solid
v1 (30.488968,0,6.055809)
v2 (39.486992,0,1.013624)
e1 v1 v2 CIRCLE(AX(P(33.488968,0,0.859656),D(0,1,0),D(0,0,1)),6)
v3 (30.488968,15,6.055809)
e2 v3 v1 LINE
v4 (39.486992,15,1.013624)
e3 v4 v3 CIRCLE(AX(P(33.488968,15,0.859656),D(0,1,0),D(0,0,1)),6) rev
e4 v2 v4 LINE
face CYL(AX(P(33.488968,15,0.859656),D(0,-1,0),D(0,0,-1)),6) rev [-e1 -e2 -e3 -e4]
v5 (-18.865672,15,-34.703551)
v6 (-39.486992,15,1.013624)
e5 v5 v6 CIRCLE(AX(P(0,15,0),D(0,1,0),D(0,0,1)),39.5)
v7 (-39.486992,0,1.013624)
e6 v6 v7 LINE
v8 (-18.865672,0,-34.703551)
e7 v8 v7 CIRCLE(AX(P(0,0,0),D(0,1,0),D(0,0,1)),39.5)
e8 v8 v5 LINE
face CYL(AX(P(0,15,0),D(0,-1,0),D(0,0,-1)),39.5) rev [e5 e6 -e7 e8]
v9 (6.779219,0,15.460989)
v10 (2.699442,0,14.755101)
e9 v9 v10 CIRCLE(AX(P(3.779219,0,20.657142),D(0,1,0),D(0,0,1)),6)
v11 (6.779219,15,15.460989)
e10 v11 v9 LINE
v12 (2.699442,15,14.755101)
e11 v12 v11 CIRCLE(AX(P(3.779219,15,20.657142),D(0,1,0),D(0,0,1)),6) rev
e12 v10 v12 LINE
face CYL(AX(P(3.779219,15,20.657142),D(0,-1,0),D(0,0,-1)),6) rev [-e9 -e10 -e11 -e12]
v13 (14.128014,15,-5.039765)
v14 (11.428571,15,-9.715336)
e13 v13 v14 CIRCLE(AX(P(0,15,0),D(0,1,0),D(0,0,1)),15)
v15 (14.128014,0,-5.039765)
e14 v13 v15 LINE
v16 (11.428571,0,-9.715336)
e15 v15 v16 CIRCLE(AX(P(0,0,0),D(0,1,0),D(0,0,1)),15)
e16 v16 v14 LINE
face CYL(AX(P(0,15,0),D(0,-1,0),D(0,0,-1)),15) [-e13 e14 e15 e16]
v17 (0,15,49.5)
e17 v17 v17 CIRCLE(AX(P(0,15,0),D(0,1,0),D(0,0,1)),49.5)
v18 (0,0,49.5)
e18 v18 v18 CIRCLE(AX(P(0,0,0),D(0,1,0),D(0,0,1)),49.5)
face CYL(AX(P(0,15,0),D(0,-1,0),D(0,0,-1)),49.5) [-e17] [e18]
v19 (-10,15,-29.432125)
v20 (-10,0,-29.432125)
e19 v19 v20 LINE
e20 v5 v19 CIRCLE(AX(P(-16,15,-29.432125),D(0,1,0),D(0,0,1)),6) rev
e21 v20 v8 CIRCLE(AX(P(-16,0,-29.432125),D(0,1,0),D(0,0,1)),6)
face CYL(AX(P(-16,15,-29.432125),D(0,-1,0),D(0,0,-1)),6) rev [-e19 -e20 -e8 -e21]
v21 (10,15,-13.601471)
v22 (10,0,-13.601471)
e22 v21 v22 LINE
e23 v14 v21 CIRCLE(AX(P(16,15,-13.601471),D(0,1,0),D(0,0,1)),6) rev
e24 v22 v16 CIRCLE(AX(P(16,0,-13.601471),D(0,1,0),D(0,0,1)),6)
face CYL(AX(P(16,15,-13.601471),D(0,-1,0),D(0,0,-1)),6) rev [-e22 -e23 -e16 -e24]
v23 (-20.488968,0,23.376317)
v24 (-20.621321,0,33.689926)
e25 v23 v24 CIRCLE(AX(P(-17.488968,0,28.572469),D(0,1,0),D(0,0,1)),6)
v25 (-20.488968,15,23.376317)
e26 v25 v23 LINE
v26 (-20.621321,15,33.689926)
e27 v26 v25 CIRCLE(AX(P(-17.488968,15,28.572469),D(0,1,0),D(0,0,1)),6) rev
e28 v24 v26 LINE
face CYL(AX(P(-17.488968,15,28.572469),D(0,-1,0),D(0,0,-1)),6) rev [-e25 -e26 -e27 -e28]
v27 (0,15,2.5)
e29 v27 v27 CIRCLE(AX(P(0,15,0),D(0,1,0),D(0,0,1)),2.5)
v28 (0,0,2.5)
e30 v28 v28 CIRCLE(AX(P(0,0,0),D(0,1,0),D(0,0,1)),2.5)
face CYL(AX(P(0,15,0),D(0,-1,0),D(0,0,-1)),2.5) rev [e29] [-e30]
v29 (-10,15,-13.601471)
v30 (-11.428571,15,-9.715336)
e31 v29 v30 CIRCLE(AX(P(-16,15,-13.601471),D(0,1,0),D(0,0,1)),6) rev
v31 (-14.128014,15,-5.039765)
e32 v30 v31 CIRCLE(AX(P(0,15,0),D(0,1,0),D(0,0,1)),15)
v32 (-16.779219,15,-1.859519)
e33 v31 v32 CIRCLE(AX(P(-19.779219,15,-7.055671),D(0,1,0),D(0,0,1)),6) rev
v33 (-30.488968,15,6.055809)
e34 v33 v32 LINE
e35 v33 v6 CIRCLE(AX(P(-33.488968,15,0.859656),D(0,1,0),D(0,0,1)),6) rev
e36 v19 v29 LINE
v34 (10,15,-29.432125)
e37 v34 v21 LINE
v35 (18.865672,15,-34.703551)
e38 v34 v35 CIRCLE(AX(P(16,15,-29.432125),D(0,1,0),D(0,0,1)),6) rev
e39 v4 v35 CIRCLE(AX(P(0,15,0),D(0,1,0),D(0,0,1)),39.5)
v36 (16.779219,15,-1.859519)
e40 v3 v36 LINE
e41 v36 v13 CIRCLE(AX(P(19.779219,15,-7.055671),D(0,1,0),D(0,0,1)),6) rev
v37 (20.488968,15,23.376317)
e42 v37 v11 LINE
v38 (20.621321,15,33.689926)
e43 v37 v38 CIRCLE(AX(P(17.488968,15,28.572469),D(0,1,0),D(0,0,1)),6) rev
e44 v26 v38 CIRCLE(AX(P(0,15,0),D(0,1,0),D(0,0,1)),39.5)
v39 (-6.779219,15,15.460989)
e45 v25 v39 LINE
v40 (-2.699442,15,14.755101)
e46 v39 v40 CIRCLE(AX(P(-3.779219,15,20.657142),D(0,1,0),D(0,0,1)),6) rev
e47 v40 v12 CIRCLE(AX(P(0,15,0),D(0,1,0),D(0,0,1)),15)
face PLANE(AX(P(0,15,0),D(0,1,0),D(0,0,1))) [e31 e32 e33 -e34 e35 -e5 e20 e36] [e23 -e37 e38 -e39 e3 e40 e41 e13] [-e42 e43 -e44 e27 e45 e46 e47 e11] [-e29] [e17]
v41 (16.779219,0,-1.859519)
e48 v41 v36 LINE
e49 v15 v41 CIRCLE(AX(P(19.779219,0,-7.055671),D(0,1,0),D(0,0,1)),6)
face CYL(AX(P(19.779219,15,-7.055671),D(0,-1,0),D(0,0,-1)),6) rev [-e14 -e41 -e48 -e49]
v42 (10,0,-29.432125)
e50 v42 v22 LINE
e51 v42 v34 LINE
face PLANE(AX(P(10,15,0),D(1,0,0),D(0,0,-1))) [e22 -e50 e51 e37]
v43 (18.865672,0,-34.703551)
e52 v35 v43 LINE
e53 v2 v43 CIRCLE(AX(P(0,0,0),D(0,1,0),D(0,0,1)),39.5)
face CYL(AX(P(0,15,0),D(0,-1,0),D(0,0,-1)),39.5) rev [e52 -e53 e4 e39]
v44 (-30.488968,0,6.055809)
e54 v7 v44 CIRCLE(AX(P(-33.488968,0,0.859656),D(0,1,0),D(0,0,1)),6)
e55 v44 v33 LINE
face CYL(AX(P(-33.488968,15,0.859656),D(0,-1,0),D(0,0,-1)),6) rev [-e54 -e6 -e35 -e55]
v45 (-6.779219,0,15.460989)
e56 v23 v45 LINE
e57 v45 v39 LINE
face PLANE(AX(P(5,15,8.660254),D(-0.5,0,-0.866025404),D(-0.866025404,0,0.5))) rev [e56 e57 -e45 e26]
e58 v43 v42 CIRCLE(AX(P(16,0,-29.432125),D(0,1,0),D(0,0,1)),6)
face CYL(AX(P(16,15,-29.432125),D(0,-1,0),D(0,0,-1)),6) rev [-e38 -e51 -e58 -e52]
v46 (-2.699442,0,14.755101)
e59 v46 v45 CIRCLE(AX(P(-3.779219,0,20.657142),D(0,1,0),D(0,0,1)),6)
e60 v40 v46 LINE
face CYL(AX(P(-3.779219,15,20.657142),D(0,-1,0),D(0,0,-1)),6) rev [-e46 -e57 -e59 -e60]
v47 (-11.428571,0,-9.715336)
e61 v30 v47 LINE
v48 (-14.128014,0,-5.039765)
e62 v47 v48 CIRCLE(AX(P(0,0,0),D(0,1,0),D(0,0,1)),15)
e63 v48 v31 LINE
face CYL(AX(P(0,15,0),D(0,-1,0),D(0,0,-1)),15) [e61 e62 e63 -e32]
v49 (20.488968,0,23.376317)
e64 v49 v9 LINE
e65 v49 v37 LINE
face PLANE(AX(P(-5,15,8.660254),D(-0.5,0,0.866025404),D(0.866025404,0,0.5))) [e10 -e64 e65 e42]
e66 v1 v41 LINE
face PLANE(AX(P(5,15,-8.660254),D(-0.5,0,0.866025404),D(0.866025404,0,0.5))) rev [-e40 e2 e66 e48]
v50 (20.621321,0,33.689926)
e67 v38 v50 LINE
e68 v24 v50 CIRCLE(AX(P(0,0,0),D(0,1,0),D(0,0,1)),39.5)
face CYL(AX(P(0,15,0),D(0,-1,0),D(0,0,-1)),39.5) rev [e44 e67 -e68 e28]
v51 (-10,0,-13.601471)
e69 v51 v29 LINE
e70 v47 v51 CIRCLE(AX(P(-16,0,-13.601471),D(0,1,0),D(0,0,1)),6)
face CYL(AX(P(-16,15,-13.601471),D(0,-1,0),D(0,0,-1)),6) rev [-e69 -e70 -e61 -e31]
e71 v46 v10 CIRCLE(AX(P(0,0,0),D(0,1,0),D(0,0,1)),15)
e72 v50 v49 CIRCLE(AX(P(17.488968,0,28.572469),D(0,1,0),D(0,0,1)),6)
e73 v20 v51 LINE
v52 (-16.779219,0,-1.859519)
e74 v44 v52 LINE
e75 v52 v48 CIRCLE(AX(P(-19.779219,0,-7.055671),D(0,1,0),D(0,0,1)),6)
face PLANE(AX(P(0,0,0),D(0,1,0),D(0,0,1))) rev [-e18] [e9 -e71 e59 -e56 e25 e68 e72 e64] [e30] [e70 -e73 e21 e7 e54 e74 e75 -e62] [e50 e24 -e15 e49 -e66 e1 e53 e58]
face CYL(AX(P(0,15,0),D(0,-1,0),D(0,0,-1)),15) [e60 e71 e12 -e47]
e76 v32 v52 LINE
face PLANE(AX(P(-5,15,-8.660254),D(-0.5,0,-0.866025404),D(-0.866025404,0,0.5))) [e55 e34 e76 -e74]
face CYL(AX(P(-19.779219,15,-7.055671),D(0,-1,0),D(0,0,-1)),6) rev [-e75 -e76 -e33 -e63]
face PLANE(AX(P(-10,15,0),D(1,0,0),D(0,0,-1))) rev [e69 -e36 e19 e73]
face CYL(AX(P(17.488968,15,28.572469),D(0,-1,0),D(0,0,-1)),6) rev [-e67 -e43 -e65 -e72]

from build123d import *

# Parameters (mm, degrees)
SZKIC1_R                    = 49.5
SZKIC1_R_2                  = 39.5
SZKIC1_R_3                  = 15
SZKIC1_R_4                  = 2.5
DODANIE_WYCI_GNI_CIE1_DEPTH = 15
ZAOKR_GLENIE1_R             = 6


with BuildPart() as part:
    # Szkic1 → Dodanie-wyciągnięcie1 (new body)
    # profile 1 of 6: a face of its own
    with BuildSketch(Plane(origin=(0, 0, 0), x_dir=(1, 0, 0), z_dir=(0, 1, 0))):
        with Locations(Location((0, 0, 0), (0, 0, 270))):
            Circle(SZKIC1_R)
        Circle(SZKIC1_R_2, mode=Mode.SUBTRACT)
    # profile 2 of 6: a face of its own
    with BuildSketch(Plane(origin=(0, 0, 0), x_dir=(1, 0, 0), z_dir=(0, 1, 0))):
        with BuildLine():
            ThreePointArc((-10, 11.180339887), (-5.352331347, 14.012585384), (0, 15))
            Line((0, 15), (0, 39.5))
            ThreePointArc((0, 39.5), (-5.041225271, 39.176983648), (-10, 38.213217609))
            Line((-10, 38.213217609), (-10, 11.180339887))
        make_face()
    # profile 3 of 6: a face of its own
    with BuildSketch(Plane(origin=(0, 0, 0), x_dir=(1, 0, 0), z_dir=(0, 1, 0))):
        with BuildLine():
            Line((0, 39.5), (0, 15))
            ThreePointArc((0, 15), (5.352331347, 14.012585384), (10, 11.180339887))
            Line((10, 11.180339887), (10, 38.213217609))
            ThreePointArc((10, 38.213217609), (5.041225271, 39.176983648), (0, 39.5))
        make_face()
    # profile 4 of 6: a face of its own
    with BuildSketch(Plane(origin=(0, 0, 0), x_dir=(1, 0, 0), z_dir=(0, 1, 0))):
        with BuildLine():
            Line((38.093617209, -10.446354766), (14.682458366, 3.070084094))
            ThreePointArc((14.682458366, 3.070084094), (14.920403404, 1.54323111), (15, 0))
            ThreePointArc((15, 0), (12.149832828, -8.796679047), (4.682458366, -14.250423982))
            Line((4.682458366, -14.250423982), (28.093617209, -27.766862842))
            ThreePointArc((28.093617209, -27.766862842), (34.208003449, -19.75), (38.093617209, -10.446354766))
        make_face()
    # profile 5 of 6: a face of its own
    with BuildSketch(Plane(origin=(0, 0, 0), x_dir=(1, 0, 0), z_dir=(0, 1, 0))):
        Circle(SZKIC1_R_3)
        with Locations(Location((0, 0, 0), (0, 0, 270))):
            Circle(SZKIC1_R_4, mode=Mode.SUBTRACT)
    # profile 6 of 6: a face of its own
    with BuildSketch(Plane(origin=(0, 0, 0), x_dir=(1, 0, 0), z_dir=(0, 1, 0))):
        with BuildLine():
            ThreePointArc((-4.682458366, -14.250423982), (-12.990381057, -7.5), (-14.682458366, 3.070084094))
            Line((-14.682458366, 3.070084094), (-38.093617209, -10.446354766))
            ThreePointArc((-38.093617209, -10.446354766), (-34.208003449, -19.75), (-28.093617209, -27.766862842))
            Line((-28.093617209, -27.766862842), (-4.682458366, -14.250423982))
        make_face()
    extrude(amount=DODANIE_WYCI_GNI_CIE1_DEPTH)

    # Zaokrąglenie1
    zaokr_glenie1_edges = [part.edges().sort_by_distance(p)[0] for p in [
        (14.682458366, 7.5, -3.070084094),
        (38.093617209, 7.5, 10.446354766),
        (10, 7.5, -38.213217609),
        (10, 7.5, -11.180339887),
        (-10, 7.5, -38.213217609),
        (-38.093617209, 7.5, 10.446354766),
        (-14.682458366, 7.5, -3.070084094),
        (-10, 7.5, -11.180339887),
        (-28.093617209, 7.5, 27.766862842),
        (28.093617209, 7.5, 27.766862842),
        (4.682458366, 7.5, 14.250423982),
        (-4.682458366, 7.5, 14.250423982),
    ]]
    fillet(zaokr_glenie1_edges, radius=ZAOKR_GLENIE1_R)


solid = part.part
